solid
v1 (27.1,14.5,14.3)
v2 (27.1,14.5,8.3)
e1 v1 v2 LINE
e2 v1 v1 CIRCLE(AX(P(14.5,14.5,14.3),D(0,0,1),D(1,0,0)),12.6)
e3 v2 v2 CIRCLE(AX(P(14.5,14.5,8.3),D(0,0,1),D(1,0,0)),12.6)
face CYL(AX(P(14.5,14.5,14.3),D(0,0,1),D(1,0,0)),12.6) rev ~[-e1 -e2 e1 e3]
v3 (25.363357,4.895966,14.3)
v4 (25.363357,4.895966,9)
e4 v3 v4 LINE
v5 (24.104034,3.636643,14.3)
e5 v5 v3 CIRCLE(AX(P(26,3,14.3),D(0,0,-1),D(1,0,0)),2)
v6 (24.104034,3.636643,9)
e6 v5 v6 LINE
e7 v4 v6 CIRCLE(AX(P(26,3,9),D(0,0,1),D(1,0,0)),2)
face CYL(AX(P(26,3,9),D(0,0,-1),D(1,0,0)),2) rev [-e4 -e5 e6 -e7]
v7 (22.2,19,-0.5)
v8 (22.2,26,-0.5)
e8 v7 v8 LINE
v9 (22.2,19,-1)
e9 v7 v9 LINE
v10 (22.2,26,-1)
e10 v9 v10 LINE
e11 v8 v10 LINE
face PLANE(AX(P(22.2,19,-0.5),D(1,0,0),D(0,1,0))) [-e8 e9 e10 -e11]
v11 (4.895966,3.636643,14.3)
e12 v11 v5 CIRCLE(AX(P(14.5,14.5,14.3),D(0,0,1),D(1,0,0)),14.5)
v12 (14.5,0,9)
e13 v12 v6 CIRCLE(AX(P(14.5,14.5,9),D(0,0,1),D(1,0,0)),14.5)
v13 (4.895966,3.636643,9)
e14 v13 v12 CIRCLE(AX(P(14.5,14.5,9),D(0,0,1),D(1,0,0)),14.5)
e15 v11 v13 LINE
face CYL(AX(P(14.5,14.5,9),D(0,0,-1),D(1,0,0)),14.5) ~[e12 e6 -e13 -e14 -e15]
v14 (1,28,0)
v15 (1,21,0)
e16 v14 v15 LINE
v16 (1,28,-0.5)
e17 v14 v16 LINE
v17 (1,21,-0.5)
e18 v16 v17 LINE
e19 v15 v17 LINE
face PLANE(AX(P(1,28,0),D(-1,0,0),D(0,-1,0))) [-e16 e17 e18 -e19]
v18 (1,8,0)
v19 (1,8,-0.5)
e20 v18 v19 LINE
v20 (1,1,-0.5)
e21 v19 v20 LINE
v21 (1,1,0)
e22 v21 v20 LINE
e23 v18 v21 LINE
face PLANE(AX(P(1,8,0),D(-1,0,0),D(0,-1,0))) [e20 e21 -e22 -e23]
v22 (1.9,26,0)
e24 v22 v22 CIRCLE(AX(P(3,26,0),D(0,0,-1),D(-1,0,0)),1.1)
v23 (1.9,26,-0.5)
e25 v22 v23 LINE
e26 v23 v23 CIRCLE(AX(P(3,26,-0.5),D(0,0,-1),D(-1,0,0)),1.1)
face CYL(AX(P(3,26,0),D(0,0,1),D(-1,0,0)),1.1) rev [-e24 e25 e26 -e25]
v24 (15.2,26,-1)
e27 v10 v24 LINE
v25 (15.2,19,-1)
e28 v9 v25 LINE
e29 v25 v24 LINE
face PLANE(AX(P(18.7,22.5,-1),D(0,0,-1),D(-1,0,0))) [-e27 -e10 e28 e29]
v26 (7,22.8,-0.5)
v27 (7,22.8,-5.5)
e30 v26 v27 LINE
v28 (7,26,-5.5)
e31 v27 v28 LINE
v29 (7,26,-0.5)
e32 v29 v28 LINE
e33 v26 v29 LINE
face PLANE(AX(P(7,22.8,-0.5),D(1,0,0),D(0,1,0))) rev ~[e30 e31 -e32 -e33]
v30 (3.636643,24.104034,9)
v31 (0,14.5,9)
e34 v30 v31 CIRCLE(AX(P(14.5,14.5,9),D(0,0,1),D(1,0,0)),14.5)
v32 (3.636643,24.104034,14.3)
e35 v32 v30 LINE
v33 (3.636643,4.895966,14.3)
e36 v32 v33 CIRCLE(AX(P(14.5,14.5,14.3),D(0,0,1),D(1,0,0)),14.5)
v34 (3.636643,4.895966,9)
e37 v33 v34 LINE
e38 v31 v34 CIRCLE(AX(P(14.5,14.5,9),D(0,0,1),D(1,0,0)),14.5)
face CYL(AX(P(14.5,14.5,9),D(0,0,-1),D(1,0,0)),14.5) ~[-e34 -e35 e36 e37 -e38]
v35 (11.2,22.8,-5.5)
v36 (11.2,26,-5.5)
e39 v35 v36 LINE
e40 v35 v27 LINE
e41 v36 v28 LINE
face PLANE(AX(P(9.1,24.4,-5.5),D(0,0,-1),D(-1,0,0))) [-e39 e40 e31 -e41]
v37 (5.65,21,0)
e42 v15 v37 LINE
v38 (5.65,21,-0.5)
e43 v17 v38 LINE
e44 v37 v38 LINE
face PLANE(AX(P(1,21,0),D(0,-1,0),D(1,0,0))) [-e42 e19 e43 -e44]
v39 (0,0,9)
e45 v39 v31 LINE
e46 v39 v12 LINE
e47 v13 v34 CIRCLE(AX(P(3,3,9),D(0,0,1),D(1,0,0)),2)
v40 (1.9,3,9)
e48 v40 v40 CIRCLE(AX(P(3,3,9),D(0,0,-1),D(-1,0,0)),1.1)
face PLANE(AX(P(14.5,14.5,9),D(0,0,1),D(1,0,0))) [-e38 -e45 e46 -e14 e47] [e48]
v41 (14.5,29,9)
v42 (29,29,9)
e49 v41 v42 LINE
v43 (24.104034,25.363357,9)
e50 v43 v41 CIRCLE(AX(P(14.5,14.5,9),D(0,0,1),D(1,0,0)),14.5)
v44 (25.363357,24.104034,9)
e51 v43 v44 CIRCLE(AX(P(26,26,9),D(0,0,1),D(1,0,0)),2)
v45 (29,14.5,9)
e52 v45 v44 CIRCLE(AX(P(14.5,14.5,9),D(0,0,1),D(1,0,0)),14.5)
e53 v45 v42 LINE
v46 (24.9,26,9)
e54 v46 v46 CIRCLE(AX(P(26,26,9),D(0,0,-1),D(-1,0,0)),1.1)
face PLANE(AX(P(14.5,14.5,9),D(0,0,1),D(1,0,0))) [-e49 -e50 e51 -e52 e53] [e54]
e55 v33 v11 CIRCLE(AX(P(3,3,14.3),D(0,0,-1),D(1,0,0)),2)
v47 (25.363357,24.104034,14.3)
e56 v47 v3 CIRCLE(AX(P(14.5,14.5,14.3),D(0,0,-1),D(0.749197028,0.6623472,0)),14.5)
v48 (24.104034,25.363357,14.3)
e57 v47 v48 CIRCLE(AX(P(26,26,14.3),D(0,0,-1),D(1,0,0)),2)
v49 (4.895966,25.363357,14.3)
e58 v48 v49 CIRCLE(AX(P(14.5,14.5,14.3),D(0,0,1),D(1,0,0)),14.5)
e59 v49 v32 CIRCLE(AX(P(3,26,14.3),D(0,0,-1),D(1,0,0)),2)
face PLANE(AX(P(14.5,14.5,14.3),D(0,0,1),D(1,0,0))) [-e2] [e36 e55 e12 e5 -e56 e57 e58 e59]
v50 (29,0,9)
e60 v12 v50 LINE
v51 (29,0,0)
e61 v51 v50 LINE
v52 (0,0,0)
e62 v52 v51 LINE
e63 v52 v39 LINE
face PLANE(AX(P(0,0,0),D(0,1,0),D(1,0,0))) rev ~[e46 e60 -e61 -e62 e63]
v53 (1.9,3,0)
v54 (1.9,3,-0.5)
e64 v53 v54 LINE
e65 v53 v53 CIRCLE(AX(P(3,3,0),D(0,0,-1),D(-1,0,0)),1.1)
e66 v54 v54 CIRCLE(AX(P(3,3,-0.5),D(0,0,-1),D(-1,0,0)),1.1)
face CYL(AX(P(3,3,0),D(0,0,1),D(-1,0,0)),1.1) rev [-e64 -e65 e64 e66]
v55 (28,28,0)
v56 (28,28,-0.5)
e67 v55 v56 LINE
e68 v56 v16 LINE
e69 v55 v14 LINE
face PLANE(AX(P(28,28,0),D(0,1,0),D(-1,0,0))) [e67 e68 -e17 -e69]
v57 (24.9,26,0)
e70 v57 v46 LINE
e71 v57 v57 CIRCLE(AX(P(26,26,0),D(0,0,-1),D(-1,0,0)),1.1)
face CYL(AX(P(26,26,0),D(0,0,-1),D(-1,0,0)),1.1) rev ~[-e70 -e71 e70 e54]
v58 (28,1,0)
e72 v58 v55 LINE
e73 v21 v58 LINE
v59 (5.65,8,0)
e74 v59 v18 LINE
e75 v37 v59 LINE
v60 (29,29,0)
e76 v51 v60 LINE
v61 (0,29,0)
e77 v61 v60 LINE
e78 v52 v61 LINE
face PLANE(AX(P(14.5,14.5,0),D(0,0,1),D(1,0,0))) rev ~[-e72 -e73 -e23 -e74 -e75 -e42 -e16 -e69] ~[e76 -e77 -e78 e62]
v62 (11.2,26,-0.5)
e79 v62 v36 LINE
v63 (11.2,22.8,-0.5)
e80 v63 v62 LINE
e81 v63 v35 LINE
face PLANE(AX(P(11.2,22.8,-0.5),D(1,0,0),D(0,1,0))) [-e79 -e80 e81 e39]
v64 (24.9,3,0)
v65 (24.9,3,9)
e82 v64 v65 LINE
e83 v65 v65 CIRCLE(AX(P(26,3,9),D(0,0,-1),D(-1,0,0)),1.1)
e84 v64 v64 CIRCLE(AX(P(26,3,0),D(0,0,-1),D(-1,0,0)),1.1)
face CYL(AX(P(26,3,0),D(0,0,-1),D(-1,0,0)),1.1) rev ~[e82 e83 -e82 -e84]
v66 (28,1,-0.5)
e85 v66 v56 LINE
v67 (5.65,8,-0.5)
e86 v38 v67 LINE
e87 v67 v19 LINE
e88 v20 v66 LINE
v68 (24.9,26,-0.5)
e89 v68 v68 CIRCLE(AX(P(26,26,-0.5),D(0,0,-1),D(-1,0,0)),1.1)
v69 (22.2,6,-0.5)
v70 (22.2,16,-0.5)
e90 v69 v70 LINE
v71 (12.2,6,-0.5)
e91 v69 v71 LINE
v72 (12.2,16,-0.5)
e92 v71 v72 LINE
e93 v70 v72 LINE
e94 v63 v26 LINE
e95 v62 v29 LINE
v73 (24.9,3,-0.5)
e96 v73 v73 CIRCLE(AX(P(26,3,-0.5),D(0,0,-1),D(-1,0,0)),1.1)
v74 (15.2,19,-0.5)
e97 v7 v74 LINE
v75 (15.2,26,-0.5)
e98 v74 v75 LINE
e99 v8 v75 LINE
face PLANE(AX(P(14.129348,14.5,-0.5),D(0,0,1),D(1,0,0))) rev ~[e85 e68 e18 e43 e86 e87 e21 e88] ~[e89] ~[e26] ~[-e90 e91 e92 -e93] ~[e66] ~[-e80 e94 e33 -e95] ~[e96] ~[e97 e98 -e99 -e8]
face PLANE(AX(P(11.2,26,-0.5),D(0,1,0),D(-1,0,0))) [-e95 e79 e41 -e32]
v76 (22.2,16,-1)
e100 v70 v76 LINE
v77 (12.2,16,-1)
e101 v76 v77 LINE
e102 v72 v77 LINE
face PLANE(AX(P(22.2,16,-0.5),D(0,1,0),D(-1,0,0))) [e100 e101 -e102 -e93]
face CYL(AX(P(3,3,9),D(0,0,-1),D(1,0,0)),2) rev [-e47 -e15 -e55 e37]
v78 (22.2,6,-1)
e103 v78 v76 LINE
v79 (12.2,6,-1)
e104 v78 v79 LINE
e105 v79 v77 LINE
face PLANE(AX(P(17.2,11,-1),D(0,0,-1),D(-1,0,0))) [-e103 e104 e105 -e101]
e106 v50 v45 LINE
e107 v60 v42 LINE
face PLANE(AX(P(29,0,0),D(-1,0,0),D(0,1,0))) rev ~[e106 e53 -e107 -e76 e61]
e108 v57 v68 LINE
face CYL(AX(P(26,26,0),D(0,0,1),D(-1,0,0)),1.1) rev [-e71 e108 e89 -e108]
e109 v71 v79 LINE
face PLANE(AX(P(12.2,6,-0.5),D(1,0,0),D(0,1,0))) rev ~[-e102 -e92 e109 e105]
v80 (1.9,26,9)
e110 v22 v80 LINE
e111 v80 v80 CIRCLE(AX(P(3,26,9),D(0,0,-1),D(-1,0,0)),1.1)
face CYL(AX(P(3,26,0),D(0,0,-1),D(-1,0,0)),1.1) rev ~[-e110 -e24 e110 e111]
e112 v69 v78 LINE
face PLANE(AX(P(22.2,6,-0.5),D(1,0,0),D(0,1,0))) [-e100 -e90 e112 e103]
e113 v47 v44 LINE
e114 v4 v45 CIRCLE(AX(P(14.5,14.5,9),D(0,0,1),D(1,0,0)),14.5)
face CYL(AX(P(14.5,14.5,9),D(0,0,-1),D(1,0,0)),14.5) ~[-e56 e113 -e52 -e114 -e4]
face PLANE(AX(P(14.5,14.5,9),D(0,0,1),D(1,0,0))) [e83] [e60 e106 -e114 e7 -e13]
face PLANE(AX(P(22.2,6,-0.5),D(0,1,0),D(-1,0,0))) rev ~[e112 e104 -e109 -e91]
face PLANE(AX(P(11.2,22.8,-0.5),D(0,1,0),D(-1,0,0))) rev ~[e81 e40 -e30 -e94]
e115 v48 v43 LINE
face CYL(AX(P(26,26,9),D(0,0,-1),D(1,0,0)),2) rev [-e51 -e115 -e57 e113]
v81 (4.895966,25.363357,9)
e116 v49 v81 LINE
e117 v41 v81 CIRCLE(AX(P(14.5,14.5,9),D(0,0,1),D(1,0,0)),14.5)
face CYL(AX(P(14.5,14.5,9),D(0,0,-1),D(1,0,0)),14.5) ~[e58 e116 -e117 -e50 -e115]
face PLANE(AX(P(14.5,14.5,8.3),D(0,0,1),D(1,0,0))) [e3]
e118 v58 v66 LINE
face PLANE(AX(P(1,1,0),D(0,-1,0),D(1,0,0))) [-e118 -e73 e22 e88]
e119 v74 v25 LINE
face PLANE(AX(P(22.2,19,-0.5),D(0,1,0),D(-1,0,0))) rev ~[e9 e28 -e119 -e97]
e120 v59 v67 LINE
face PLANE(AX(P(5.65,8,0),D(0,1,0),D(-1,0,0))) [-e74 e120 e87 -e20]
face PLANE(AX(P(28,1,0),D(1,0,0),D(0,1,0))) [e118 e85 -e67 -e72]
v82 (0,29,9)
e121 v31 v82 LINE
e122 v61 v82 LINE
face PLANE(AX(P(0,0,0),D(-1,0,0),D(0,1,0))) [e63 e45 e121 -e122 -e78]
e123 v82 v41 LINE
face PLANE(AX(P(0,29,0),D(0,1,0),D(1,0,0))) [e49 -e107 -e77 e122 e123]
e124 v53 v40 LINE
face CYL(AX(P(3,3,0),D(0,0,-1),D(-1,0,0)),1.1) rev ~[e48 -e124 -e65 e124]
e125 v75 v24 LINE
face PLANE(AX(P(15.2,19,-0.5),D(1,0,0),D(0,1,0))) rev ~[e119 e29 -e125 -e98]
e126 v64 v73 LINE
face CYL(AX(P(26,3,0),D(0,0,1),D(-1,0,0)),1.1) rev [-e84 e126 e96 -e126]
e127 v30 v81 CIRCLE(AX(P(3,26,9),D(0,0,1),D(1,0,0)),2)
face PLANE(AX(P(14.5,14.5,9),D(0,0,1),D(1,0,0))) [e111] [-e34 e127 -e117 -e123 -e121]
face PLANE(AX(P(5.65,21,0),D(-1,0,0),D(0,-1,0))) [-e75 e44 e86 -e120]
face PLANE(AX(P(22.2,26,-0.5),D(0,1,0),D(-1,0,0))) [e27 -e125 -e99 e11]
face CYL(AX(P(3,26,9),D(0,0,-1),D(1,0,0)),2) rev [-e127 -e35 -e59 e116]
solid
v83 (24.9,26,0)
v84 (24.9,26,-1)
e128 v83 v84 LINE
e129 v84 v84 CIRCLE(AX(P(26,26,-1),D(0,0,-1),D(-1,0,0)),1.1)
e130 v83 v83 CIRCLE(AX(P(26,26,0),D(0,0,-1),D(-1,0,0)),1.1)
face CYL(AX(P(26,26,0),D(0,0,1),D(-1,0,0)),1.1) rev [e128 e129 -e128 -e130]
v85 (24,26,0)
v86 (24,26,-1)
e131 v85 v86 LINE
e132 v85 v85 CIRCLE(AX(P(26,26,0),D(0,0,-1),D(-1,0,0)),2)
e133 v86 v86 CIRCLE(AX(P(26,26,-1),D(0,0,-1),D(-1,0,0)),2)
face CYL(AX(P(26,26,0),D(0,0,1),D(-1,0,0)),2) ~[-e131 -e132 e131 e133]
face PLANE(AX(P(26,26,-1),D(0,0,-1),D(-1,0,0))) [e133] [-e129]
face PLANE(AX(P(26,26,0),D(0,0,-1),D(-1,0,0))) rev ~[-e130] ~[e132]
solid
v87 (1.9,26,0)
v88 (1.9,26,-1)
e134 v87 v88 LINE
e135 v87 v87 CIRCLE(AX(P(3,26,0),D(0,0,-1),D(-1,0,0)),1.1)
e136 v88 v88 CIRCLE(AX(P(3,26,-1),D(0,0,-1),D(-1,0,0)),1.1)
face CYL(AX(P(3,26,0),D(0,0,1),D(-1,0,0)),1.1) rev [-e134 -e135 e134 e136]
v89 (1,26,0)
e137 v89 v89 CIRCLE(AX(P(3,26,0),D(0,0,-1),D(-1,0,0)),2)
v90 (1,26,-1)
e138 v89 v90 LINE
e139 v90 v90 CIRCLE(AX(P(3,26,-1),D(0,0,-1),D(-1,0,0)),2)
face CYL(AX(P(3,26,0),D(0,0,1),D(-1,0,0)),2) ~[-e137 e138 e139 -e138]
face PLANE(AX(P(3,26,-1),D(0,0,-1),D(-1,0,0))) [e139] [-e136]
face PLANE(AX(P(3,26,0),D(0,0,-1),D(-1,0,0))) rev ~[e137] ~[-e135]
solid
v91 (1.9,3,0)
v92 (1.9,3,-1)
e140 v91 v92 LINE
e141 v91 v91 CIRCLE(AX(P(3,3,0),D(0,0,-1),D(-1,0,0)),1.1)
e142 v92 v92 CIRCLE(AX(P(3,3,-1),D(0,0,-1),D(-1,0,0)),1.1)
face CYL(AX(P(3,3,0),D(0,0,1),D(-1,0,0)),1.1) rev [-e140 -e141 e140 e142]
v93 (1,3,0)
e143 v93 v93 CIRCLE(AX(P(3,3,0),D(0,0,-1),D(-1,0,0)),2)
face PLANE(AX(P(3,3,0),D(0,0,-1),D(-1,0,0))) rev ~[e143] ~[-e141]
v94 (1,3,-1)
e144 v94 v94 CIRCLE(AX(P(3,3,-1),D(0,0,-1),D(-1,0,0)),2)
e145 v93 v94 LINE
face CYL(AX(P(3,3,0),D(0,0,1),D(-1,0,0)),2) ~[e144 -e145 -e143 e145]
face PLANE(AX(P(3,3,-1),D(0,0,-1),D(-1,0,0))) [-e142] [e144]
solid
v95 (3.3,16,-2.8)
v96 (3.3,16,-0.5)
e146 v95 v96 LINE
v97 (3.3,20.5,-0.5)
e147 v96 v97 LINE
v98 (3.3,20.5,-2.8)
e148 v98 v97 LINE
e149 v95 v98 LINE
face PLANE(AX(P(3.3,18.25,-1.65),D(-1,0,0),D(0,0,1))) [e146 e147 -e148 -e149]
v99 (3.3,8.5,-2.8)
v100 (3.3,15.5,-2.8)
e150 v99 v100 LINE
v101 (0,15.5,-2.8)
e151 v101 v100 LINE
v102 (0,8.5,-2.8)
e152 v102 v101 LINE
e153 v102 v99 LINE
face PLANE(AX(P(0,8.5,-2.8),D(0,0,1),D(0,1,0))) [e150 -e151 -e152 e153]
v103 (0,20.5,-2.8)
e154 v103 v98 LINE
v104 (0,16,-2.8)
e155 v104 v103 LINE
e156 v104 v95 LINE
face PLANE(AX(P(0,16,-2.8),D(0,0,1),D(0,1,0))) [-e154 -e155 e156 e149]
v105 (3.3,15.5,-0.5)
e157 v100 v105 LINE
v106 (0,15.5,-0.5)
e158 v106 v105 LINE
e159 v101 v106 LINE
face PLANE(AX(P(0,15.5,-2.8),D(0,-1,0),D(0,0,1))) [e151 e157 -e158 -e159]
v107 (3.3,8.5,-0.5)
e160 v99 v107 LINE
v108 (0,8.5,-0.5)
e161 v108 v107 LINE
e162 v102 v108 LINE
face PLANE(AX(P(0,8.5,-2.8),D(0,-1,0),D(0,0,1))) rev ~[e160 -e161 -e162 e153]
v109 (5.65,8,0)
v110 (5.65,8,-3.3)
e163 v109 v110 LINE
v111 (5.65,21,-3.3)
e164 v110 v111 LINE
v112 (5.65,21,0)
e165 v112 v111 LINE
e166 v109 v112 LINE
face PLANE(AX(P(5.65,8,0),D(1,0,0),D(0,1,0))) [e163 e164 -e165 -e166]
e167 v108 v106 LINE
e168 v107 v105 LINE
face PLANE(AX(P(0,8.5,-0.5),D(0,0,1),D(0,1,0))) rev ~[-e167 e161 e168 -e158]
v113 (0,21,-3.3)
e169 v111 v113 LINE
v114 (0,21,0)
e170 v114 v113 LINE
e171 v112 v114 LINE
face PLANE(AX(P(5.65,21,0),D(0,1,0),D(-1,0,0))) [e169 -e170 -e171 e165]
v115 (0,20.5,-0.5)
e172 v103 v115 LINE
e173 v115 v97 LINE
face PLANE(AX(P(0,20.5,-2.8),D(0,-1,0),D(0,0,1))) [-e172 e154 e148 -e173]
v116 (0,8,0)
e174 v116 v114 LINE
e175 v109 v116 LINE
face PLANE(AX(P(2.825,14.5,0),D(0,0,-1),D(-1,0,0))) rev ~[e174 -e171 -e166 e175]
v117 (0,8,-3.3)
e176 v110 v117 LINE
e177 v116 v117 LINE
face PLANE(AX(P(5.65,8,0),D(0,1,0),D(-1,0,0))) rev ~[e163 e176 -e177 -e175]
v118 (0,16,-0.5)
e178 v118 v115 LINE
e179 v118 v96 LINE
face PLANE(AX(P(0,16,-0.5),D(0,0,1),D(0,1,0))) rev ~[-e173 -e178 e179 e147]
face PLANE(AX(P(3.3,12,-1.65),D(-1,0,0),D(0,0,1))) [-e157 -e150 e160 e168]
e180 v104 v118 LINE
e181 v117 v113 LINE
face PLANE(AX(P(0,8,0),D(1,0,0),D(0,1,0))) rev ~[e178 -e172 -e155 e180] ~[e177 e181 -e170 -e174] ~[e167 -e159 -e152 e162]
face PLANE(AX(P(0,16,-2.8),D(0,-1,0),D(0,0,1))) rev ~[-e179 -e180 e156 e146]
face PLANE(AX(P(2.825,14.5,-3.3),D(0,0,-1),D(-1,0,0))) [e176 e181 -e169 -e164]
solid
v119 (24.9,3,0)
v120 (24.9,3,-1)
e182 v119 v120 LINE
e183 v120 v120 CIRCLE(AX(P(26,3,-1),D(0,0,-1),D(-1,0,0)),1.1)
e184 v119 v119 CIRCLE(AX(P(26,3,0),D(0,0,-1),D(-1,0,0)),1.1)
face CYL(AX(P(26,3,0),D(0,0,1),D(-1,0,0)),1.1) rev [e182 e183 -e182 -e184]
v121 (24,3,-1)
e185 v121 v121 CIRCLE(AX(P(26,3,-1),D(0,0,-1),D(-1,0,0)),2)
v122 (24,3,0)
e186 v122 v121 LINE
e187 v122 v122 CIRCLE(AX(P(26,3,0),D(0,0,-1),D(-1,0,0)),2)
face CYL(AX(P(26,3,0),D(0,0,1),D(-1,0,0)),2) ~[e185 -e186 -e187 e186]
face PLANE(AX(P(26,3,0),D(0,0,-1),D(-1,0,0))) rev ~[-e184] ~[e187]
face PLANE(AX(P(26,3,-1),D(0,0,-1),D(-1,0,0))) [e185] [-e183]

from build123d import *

# Parameters (mm, degrees)
SKETCH1_W             = 29
SKETCH1_H             = 29
BOSS_EXTRUDE1_DEPTH   = 9
SKETCH3_R             = 14.5
BOSS_EXTRUDE2_DEPTH   = 5.3
SKETCH4_R             = 12.6
CUT_EXTRUDE1_DEPTH    = 6
SKETCH5_R             = 1.1
CUT_EXTRUDE2_DEPTH    = 15.3
SKETCH6_R             = 2
CUT_EXTRUDE3_DEPTH    = 6.3
SKETCH7_R             = 1.1
BOSS_EXTRUDE3_DEPTH   = 0.5
SKETCH8_R             = 2
SKETCH8_R_2           = 1.1
BOSS_EXTRUDE4_DEPTH   = 1
BOSS_EXTRUDE4_2_DEPTH = 1
BOSS_EXTRUDE4_3_DEPTH = 1
BOSS_EXTRUDE4_4_DEPTH = 1
SKETCH9_W             = 5.65
SKETCH9_H             = 13
BOSS_EXTRUDE5_DEPTH   = 3.3
SKETCH10_W            = 2.3
SKETCH10_H            = 4.5
SKETCH10_H_2          = 7
CUT_EXTRUDE4_DEPTH    = 3.3
SKETCH11_W            = 4.2
SKETCH11_H            = 3.2
BOSS_EXTRUDE6_DEPTH   = 5
SKETCH12_W            = 7
SKETCH12_H            = 7
SKETCH12_W_2          = 10
SKETCH12_H_2          = 10
BOSS_EXTRUDE7_DEPTH   = 0.5


with BuildPart() as part:
    # Sketch1 → Boss-Extrude1 (new body)
    with BuildSketch(Plane.XY):
        with Locations((14.5, 14.5)):
            Rectangle(SKETCH1_W, SKETCH1_H)
    extrude(amount=BOSS_EXTRUDE1_DEPTH)

    # Sketch3 → Boss-Extrude2 (add)
    with BuildSketch(Plane.XY.offset(9)):
        with Locations((14.5, 14.5)):
            Circle(SKETCH3_R)
    extrude(amount=BOSS_EXTRUDE2_DEPTH)

    # Sketch4 → Cut-Extrude1 (cut)
    with BuildSketch(Plane.XY.offset(14.3)):
        with Locations((14.5, 14.5)):
            Circle(SKETCH4_R)
    extrude(amount=-CUT_EXTRUDE1_DEPTH, mode=Mode.SUBTRACT)

    # Sketch5 → Cut-Extrude2 (cut, through all)
    with BuildSketch(Plane(origin=(0, 0, 0), x_dir=(-1, 0, 0), z_dir=(0, 0, -1))):
        with Locations((-26, 26)):
            Circle(SKETCH5_R)
        with Locations((-3, 26)):
            Circle(SKETCH5_R)
        with Locations((-3, 3)):
            Circle(SKETCH5_R)
        with Locations((-26, 3)):
            Circle(SKETCH5_R)
    extrude(amount=-CUT_EXTRUDE2_DEPTH, mode=Mode.SUBTRACT)

    # Sketch6 → Cut-Extrude3 (cut, through all)
    with BuildSketch(Plane.XY.offset(9)):
        with Locations((3, 26)):
            Circle(SKETCH6_R)
        with Locations((26, 26)):
            Circle(SKETCH6_R)
        with Locations((26, 3)):
            Circle(SKETCH6_R)
        with Locations((3, 3)):
            Circle(SKETCH6_R)
    extrude(amount=CUT_EXTRUDE3_DEPTH, mode=Mode.SUBTRACT)

    # Sketch7 → Boss-Extrude3 (add)
    with BuildSketch(Plane(origin=(0, 0, 0), x_dir=(-1, 0, 0), z_dir=(0, 0, -1))):
        Polygon((-28, 28), (-1, 28), (-1, 21), (-5.65, 21), (-5.65, 8), (-1, 8), (-1, 1), (-28, 1), align=None)
        with Locations((-26, 3)):
            Circle(SKETCH7_R, mode=Mode.SUBTRACT)
        with Locations((-3, 3)):
            Circle(SKETCH7_R, mode=Mode.SUBTRACT)
        with Locations((-3, 26)):
            Circle(SKETCH7_R, mode=Mode.SUBTRACT)
        with Locations((-26, 26)):
            Circle(SKETCH7_R, mode=Mode.SUBTRACT)
    extrude(amount=BOSS_EXTRUDE3_DEPTH)

    # Sketch11 → Boss-Extrude6 (add)
    with BuildSketch(Plane(origin=(0, 0, -0.5), x_dir=(-1, 0, 0), z_dir=(0, 0, -1))):
        with Locations((-9.1, 24.4)):
            Rectangle(SKETCH11_W, SKETCH11_H)
    extrude(amount=BOSS_EXTRUDE6_DEPTH)

    # Sketch12 → Boss-Extrude7 (add)
    with BuildSketch(Plane(origin=(0, 0, -0.5), x_dir=(-1, 0, 0), z_dir=(0, 0, -1))):
        with Locations((-18.7, 22.5)):
            Rectangle(SKETCH12_W, SKETCH12_H)
        with Locations((-17.2, 11)):
            Rectangle(SKETCH12_W_2, SKETCH12_H_2)
    extrude(amount=BOSS_EXTRUDE7_DEPTH)


with BuildPart() as body_2:
    # Sketch8 → Boss-Extrude4 (new body)
    with BuildSketch(Plane(origin=(0, 0, 0), x_dir=(-1, 0, 0), z_dir=(0, 0, -1))):
        with Locations((-26, 26)):
            Circle(SKETCH8_R)
        with Locations((-26, 26)):
            Circle(SKETCH8_R_2, mode=Mode.SUBTRACT)
    extrude(amount=BOSS_EXTRUDE4_DEPTH)


with BuildPart() as body_3:
    # Sketch8 → Boss-Extrude4 2 (new body)
    with BuildSketch(Plane(origin=(0, 0, 0), x_dir=(-1, 0, 0), z_dir=(0, 0, -1))):
        with Locations((-3, 26)):
            Circle(SKETCH8_R)
        with Locations((-3, 26)):
            Circle(SKETCH8_R_2, mode=Mode.SUBTRACT)
    extrude(amount=BOSS_EXTRUDE4_2_DEPTH)


with BuildPart() as body_4:
    # Sketch8 → Boss-Extrude4 3 (new body)
    with BuildSketch(Plane(origin=(0, 0, 0), x_dir=(-1, 0, 0), z_dir=(0, 0, -1))):
        with Locations((-26, 3)):
            Circle(SKETCH8_R)
        with Locations((-26, 3)):
            Circle(SKETCH8_R_2, mode=Mode.SUBTRACT)
    extrude(amount=BOSS_EXTRUDE4_3_DEPTH)


with BuildPart() as body_5:
    # Sketch8 → Boss-Extrude4 4 (new body)
    with BuildSketch(Plane(origin=(0, 0, 0), x_dir=(-1, 0, 0), z_dir=(0, 0, -1))):
        with Locations((-3, 3)):
            Circle(SKETCH8_R)
        with Locations((-3, 3)):
            Circle(SKETCH8_R_2, mode=Mode.SUBTRACT)
    extrude(amount=BOSS_EXTRUDE4_4_DEPTH)


with BuildPart() as body_6:
    # Sketch9 → Boss-Extrude5 (new body)
    with BuildSketch(Plane(origin=(0, 0, 0), x_dir=(-1, 0, 0), z_dir=(0, 0, -1))):
        with Locations((-2.825, 14.5)):
            Rectangle(SKETCH9_W, SKETCH9_H)
    extrude(amount=BOSS_EXTRUDE5_DEPTH)

    # Sketch10 → Cut-Extrude4 (cut)
    with BuildSketch(Plane.ZY):
        with Locations((-1.65, 18.25)):
            Rectangle(SKETCH10_W, SKETCH10_H)
        with Locations((-1.65, 12)):
            Rectangle(SKETCH10_W, SKETCH10_H_2)
    extrude(amount=-CUT_EXTRUDE4_DEPTH, mode=Mode.SUBTRACT)


solid = Compound([part.part, body_2.part, body_3.part, body_4.part, body_5.part, body_6.part])
